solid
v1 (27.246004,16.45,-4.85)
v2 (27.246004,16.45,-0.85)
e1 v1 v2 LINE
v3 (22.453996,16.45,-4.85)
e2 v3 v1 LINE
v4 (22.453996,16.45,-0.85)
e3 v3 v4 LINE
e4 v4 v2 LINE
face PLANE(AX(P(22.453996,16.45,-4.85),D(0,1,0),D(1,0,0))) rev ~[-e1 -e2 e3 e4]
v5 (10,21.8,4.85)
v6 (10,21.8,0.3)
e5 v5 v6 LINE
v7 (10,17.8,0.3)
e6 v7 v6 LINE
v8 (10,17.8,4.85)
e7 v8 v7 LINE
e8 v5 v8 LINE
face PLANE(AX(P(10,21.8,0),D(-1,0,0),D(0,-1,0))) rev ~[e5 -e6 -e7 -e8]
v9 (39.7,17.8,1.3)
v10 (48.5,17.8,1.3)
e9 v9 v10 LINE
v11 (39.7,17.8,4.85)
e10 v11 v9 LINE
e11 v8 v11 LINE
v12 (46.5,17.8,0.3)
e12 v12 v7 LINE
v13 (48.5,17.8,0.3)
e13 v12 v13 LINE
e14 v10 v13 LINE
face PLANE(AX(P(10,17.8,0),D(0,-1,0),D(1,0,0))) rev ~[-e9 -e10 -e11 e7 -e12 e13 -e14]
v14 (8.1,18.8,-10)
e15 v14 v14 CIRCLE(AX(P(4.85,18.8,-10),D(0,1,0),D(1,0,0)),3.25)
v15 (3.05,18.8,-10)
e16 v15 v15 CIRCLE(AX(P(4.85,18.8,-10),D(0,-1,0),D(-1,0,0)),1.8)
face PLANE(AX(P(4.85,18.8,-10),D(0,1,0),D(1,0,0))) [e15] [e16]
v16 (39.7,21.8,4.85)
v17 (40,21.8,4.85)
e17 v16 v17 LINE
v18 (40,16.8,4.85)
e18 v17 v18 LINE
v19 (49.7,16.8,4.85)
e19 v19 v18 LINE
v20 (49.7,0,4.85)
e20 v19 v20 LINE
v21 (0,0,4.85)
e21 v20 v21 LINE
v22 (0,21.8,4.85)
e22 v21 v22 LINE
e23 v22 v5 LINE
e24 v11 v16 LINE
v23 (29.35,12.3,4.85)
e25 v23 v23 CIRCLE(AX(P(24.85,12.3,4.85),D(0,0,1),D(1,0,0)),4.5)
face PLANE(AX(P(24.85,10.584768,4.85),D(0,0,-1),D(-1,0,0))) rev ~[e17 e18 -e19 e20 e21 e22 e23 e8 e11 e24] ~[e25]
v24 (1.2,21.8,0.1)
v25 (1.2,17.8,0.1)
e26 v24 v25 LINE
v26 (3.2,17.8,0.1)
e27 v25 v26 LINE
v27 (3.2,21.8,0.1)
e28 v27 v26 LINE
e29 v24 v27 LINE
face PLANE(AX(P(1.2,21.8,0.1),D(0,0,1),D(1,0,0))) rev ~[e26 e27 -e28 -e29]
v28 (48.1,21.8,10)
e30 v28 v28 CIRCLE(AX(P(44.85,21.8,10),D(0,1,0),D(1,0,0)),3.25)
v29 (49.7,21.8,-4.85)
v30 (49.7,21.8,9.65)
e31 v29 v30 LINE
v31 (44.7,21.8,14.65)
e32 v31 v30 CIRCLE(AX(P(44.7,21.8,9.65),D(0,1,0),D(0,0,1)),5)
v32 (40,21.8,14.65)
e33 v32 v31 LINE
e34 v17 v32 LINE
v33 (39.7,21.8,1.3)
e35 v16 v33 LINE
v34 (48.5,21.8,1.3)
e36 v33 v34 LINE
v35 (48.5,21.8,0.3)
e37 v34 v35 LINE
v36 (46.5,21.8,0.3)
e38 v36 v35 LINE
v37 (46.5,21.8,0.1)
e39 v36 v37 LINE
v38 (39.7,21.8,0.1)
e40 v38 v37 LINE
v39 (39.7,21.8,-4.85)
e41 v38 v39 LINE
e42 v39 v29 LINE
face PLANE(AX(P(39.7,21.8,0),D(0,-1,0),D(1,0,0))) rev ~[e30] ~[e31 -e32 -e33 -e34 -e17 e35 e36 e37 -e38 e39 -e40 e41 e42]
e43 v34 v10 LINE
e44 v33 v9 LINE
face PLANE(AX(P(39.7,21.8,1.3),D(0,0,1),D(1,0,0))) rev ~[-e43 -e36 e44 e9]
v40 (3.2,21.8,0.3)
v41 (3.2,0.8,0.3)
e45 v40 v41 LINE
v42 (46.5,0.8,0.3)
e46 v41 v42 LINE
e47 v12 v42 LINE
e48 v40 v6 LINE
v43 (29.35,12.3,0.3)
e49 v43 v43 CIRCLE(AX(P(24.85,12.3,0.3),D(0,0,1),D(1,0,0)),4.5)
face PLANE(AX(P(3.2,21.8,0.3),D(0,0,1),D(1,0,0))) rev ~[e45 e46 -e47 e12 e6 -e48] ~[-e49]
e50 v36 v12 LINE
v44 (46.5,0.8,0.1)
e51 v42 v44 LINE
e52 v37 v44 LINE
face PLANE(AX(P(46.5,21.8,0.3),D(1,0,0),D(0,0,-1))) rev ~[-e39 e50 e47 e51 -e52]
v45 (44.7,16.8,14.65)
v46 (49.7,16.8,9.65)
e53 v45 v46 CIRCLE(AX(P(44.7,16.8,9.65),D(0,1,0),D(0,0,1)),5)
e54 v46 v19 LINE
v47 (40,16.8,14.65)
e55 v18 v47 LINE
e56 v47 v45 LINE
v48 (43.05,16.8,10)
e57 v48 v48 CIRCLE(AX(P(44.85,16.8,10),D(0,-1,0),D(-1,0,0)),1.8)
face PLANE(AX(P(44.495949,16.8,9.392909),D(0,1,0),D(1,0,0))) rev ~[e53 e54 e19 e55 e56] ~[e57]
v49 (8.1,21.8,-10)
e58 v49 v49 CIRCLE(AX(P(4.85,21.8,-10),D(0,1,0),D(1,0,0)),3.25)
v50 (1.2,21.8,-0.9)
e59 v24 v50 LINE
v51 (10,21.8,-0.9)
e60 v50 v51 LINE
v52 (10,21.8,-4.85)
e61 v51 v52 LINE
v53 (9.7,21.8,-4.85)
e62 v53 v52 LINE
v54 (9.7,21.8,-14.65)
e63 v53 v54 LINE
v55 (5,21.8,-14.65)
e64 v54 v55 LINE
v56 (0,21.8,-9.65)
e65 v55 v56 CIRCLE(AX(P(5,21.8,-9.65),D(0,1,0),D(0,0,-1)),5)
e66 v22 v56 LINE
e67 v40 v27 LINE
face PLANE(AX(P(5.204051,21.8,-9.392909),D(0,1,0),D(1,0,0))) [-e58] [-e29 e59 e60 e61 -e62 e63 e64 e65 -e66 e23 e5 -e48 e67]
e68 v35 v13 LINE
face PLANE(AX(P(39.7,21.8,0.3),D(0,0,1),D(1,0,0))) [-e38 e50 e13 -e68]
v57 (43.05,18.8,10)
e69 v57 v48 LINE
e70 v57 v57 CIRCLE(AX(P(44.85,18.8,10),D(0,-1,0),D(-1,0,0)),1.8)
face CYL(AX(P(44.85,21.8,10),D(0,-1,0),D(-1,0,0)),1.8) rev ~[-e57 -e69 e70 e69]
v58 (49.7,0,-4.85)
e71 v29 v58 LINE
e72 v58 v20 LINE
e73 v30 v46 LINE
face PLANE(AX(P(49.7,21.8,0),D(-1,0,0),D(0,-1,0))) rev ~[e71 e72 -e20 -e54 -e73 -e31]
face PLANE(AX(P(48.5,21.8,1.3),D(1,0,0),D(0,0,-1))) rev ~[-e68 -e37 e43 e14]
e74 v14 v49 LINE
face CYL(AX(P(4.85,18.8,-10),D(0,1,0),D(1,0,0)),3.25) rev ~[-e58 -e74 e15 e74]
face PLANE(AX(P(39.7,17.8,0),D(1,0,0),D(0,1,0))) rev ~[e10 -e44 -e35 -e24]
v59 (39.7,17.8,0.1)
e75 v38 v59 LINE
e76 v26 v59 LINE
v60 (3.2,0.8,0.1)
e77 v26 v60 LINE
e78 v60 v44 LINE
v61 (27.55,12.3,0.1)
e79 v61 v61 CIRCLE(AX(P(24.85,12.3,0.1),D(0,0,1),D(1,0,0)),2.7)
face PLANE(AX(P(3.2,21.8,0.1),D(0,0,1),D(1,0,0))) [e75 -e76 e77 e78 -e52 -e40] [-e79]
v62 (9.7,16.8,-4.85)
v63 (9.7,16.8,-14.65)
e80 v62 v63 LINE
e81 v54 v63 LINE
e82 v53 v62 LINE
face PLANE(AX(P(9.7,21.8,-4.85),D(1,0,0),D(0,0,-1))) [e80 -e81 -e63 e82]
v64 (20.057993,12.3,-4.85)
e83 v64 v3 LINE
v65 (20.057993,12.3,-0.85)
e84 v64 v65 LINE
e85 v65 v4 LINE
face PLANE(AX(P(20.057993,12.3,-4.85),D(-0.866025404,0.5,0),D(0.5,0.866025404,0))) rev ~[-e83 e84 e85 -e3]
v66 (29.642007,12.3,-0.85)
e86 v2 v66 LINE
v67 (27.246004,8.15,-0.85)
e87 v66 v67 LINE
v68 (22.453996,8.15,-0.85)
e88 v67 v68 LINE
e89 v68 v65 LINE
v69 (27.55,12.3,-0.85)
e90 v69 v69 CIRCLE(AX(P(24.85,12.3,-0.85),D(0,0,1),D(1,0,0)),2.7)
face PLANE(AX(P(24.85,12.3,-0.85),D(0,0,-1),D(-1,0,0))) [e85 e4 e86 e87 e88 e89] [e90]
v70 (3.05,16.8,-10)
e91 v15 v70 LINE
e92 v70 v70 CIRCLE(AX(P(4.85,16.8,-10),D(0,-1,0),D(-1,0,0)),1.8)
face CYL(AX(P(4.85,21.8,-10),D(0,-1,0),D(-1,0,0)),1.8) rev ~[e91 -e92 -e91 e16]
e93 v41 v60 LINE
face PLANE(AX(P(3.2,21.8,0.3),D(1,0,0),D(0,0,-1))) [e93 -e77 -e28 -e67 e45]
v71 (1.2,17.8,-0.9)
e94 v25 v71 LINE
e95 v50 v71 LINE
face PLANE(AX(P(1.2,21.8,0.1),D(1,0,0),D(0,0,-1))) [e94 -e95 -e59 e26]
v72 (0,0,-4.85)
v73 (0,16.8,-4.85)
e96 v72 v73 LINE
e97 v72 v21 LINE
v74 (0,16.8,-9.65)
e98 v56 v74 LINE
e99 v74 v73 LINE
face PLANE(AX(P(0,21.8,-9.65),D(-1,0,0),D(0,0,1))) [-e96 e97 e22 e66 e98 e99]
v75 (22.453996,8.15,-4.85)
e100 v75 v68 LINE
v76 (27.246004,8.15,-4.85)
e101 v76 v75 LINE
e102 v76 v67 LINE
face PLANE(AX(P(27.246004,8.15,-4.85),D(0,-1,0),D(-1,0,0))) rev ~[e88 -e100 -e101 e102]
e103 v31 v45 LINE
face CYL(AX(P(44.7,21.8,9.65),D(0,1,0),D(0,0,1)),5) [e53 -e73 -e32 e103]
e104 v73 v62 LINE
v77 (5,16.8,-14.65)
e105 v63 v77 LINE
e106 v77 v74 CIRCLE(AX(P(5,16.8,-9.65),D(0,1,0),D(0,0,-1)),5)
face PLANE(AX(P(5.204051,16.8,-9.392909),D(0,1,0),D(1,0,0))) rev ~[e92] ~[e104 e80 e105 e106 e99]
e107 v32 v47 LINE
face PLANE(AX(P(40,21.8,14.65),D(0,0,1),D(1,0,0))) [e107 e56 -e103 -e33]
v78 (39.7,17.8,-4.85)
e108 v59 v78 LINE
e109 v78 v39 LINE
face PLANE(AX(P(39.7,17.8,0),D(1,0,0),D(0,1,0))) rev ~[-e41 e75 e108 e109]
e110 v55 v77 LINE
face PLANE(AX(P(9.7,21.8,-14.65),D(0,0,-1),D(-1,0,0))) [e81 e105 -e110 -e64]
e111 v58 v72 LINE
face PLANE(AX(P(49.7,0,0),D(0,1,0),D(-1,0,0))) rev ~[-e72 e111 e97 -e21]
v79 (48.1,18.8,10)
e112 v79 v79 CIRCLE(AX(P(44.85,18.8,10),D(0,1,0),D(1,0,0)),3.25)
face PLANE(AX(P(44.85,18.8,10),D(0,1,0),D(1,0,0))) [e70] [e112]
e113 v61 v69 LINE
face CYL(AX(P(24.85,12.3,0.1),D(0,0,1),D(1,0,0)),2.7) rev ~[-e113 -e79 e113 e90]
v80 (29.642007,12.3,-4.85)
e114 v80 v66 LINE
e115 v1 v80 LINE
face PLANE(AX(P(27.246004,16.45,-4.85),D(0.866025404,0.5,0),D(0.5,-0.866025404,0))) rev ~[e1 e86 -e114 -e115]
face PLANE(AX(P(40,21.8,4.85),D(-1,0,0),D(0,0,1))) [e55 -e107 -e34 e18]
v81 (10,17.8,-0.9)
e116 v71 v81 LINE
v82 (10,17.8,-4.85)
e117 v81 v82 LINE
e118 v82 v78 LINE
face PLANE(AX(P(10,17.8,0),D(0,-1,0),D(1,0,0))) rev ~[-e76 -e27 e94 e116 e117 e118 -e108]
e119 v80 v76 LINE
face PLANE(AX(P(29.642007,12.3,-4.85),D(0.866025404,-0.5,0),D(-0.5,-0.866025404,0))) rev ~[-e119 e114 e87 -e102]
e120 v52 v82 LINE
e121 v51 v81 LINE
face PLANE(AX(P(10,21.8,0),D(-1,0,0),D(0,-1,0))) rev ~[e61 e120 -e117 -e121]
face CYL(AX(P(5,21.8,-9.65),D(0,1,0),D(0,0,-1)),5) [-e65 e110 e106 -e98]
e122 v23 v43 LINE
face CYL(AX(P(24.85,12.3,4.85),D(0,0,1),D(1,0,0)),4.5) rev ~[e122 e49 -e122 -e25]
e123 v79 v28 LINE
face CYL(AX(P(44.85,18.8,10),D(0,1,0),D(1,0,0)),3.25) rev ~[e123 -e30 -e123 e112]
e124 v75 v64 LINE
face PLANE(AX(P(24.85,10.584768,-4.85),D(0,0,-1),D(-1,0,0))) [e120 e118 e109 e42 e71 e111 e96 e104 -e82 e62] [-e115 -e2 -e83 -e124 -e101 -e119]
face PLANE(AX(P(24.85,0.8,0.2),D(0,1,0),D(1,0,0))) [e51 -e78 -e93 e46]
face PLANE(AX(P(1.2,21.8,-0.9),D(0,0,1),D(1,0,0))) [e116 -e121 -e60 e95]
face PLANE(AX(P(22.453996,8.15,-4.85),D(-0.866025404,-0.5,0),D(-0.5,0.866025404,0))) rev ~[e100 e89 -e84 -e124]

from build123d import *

# Parameters (mm, degrees)
BOSS_EXTRUDE1_DEPTH            = 4.85
SKETCH2_W                      = 43.3
SKETCH2_H                      = 0.2
CUT_EXTRUDE1_DEPTH             = 21
BOSS_EXTRUDE2_DEPTH            = 5
CBORE_FOR_M3_SHCS1_D           = 3.6
CBORE_FOR_M3_SHCS1_CBORE_D     = 6.5
CBORE_FOR_M3_SHCS1_CBORE_DEPTH = 3
CUT_EXTRUDE2_DEPTH             = 4
CUT_EXTRUDE3_REACH             = 59.668
SKETCH9_R                      = 4.5
SKETCH10_W                     = 8.8
SKETCH10_H                     = 1
CUT_EXTRUDE4_DEPTH             = 4
SKETCH11_R                     = 2.7
CUT_EXTRUDE5_DEPTH             = 0.95


with BuildPart() as part:
    # Sketch1 → Boss-Extrude1 (new, symmetric)
    with BuildSketch(Plane.XY):
        Polygon((0, 0), (0, 21.8), (10, 21.8), (10, 17.8), (39.7, 17.8), (39.7, 21.8), (49.7, 21.8), (49.7, 0), align=None)
    extrude(amount=BOSS_EXTRUDE1_DEPTH, both=True)

    # Sketch2 → Cut-Extrude1 (cut)
    with BuildSketch(Plane(origin=(0, 21.8, 0), x_dir=(1, 0, 0), z_dir=(0, 1, 0))):
        with Locations((24.85, -0.2)):
            Rectangle(SKETCH2_W, SKETCH2_H)
    extrude(amount=-CUT_EXTRUDE1_DEPTH, mode=Mode.SUBTRACT)

    # Sketch3 → Boss-Extrude2 (add)
    with BuildSketch(Plane(origin=(0, 21.8, 0), x_dir=(1, 0, 0), z_dir=(0, 1, 0))):
        with BuildLine():
            Line((0, 9.65), (0, 4.85))
            Line((0, 4.85), (9.7, 4.85))
            Line((9.7, 4.85), (9.7, 14.65))
            Line((9.7, 14.65), (5, 14.65))
            ThreePointArc((5, 14.65), (1.464466094, 13.185533906), (0, 9.65))
        make_face()
        with BuildLine():
            Line((49.7, -4.85), (40, -4.85))
            Line((40, -4.85), (40, -14.65))
            Line((40, -14.65), (44.7, -14.65))
            ThreePointArc((44.7, -14.65), (48.235533906, -13.185533906), (49.7, -9.65))
            Line((49.7, -9.65), (49.7, -4.85))
        make_face()
    extrude(amount=-BOSS_EXTRUDE2_DEPTH)

    # CBORE for M3 SHCS1 (through all)
    with Locations(Plane(origin=(0, 21.8, 0), x_dir=(1, 0, 0), z_dir=(0, 1, 0))):
        with Locations((44.85, -10), (4.85, 10)):
            CounterBoreHole(CBORE_FOR_M3_SHCS1_D / 2, CBORE_FOR_M3_SHCS1_CBORE_D / 2, CBORE_FOR_M3_SHCS1_CBORE_DEPTH)

    # Sketch7 → Cut-Extrude2 (cut)
    with BuildSketch(Plane(origin=(0, 0, -4.85), x_dir=(-1, 0, 0), z_dir=(0, 0, -1))):
        Polygon((-29.642007234, 12.3), (-27.246003617, 8.15), (-22.453996383, 8.15), (-20.057992766, 12.3), (-22.453996383, 16.45), (-27.246003617, 16.45), align=None)
    extrude(amount=-CUT_EXTRUDE2_DEPTH, mode=Mode.SUBTRACT)

    # Sketch9 → Cut-Extrude3 (cut, up to next)
    with BuildSketch(Plane.XY.offset(4.85), mode=Mode.PRIVATE) as cut_extrude3_sk1:
        with Locations((24.85, 12.3)):
            Circle(SKETCH9_R)
    cut_extrude3_tool1 = extrude(cut_extrude3_sk1.sketch, amount=-CUT_EXTRUDE3_REACH, mode=Mode.PRIVATE) & part.part
    add(cut_extrude3_tool1.solids().sort_by_distance((24.85, 12.3, 4.85))[0], mode=Mode.SUBTRACT)

    # Sketch10 → Cut-Extrude4 (cut)
    with BuildSketch(Plane(origin=(0, 21.8, 0), x_dir=(1, 0, 0), z_dir=(0, 1, 0))):
        with Locations((5.6, 0.4)):
            Rectangle(SKETCH10_W, SKETCH10_H)
        with Locations((44.1, -0.8)):
            Rectangle(SKETCH10_W, SKETCH10_H)
    extrude(amount=-CUT_EXTRUDE4_DEPTH, mode=Mode.SUBTRACT)

    # Sketch11 → Cut-Extrude5 (cut)
    with BuildSketch(Plane.XY.offset(0.1)):
        with Locations((24.85, 12.3)):
            Circle(SKETCH11_R)
    extrude(amount=-CUT_EXTRUDE5_DEPTH, mode=Mode.SUBTRACT)


solid = part.part
